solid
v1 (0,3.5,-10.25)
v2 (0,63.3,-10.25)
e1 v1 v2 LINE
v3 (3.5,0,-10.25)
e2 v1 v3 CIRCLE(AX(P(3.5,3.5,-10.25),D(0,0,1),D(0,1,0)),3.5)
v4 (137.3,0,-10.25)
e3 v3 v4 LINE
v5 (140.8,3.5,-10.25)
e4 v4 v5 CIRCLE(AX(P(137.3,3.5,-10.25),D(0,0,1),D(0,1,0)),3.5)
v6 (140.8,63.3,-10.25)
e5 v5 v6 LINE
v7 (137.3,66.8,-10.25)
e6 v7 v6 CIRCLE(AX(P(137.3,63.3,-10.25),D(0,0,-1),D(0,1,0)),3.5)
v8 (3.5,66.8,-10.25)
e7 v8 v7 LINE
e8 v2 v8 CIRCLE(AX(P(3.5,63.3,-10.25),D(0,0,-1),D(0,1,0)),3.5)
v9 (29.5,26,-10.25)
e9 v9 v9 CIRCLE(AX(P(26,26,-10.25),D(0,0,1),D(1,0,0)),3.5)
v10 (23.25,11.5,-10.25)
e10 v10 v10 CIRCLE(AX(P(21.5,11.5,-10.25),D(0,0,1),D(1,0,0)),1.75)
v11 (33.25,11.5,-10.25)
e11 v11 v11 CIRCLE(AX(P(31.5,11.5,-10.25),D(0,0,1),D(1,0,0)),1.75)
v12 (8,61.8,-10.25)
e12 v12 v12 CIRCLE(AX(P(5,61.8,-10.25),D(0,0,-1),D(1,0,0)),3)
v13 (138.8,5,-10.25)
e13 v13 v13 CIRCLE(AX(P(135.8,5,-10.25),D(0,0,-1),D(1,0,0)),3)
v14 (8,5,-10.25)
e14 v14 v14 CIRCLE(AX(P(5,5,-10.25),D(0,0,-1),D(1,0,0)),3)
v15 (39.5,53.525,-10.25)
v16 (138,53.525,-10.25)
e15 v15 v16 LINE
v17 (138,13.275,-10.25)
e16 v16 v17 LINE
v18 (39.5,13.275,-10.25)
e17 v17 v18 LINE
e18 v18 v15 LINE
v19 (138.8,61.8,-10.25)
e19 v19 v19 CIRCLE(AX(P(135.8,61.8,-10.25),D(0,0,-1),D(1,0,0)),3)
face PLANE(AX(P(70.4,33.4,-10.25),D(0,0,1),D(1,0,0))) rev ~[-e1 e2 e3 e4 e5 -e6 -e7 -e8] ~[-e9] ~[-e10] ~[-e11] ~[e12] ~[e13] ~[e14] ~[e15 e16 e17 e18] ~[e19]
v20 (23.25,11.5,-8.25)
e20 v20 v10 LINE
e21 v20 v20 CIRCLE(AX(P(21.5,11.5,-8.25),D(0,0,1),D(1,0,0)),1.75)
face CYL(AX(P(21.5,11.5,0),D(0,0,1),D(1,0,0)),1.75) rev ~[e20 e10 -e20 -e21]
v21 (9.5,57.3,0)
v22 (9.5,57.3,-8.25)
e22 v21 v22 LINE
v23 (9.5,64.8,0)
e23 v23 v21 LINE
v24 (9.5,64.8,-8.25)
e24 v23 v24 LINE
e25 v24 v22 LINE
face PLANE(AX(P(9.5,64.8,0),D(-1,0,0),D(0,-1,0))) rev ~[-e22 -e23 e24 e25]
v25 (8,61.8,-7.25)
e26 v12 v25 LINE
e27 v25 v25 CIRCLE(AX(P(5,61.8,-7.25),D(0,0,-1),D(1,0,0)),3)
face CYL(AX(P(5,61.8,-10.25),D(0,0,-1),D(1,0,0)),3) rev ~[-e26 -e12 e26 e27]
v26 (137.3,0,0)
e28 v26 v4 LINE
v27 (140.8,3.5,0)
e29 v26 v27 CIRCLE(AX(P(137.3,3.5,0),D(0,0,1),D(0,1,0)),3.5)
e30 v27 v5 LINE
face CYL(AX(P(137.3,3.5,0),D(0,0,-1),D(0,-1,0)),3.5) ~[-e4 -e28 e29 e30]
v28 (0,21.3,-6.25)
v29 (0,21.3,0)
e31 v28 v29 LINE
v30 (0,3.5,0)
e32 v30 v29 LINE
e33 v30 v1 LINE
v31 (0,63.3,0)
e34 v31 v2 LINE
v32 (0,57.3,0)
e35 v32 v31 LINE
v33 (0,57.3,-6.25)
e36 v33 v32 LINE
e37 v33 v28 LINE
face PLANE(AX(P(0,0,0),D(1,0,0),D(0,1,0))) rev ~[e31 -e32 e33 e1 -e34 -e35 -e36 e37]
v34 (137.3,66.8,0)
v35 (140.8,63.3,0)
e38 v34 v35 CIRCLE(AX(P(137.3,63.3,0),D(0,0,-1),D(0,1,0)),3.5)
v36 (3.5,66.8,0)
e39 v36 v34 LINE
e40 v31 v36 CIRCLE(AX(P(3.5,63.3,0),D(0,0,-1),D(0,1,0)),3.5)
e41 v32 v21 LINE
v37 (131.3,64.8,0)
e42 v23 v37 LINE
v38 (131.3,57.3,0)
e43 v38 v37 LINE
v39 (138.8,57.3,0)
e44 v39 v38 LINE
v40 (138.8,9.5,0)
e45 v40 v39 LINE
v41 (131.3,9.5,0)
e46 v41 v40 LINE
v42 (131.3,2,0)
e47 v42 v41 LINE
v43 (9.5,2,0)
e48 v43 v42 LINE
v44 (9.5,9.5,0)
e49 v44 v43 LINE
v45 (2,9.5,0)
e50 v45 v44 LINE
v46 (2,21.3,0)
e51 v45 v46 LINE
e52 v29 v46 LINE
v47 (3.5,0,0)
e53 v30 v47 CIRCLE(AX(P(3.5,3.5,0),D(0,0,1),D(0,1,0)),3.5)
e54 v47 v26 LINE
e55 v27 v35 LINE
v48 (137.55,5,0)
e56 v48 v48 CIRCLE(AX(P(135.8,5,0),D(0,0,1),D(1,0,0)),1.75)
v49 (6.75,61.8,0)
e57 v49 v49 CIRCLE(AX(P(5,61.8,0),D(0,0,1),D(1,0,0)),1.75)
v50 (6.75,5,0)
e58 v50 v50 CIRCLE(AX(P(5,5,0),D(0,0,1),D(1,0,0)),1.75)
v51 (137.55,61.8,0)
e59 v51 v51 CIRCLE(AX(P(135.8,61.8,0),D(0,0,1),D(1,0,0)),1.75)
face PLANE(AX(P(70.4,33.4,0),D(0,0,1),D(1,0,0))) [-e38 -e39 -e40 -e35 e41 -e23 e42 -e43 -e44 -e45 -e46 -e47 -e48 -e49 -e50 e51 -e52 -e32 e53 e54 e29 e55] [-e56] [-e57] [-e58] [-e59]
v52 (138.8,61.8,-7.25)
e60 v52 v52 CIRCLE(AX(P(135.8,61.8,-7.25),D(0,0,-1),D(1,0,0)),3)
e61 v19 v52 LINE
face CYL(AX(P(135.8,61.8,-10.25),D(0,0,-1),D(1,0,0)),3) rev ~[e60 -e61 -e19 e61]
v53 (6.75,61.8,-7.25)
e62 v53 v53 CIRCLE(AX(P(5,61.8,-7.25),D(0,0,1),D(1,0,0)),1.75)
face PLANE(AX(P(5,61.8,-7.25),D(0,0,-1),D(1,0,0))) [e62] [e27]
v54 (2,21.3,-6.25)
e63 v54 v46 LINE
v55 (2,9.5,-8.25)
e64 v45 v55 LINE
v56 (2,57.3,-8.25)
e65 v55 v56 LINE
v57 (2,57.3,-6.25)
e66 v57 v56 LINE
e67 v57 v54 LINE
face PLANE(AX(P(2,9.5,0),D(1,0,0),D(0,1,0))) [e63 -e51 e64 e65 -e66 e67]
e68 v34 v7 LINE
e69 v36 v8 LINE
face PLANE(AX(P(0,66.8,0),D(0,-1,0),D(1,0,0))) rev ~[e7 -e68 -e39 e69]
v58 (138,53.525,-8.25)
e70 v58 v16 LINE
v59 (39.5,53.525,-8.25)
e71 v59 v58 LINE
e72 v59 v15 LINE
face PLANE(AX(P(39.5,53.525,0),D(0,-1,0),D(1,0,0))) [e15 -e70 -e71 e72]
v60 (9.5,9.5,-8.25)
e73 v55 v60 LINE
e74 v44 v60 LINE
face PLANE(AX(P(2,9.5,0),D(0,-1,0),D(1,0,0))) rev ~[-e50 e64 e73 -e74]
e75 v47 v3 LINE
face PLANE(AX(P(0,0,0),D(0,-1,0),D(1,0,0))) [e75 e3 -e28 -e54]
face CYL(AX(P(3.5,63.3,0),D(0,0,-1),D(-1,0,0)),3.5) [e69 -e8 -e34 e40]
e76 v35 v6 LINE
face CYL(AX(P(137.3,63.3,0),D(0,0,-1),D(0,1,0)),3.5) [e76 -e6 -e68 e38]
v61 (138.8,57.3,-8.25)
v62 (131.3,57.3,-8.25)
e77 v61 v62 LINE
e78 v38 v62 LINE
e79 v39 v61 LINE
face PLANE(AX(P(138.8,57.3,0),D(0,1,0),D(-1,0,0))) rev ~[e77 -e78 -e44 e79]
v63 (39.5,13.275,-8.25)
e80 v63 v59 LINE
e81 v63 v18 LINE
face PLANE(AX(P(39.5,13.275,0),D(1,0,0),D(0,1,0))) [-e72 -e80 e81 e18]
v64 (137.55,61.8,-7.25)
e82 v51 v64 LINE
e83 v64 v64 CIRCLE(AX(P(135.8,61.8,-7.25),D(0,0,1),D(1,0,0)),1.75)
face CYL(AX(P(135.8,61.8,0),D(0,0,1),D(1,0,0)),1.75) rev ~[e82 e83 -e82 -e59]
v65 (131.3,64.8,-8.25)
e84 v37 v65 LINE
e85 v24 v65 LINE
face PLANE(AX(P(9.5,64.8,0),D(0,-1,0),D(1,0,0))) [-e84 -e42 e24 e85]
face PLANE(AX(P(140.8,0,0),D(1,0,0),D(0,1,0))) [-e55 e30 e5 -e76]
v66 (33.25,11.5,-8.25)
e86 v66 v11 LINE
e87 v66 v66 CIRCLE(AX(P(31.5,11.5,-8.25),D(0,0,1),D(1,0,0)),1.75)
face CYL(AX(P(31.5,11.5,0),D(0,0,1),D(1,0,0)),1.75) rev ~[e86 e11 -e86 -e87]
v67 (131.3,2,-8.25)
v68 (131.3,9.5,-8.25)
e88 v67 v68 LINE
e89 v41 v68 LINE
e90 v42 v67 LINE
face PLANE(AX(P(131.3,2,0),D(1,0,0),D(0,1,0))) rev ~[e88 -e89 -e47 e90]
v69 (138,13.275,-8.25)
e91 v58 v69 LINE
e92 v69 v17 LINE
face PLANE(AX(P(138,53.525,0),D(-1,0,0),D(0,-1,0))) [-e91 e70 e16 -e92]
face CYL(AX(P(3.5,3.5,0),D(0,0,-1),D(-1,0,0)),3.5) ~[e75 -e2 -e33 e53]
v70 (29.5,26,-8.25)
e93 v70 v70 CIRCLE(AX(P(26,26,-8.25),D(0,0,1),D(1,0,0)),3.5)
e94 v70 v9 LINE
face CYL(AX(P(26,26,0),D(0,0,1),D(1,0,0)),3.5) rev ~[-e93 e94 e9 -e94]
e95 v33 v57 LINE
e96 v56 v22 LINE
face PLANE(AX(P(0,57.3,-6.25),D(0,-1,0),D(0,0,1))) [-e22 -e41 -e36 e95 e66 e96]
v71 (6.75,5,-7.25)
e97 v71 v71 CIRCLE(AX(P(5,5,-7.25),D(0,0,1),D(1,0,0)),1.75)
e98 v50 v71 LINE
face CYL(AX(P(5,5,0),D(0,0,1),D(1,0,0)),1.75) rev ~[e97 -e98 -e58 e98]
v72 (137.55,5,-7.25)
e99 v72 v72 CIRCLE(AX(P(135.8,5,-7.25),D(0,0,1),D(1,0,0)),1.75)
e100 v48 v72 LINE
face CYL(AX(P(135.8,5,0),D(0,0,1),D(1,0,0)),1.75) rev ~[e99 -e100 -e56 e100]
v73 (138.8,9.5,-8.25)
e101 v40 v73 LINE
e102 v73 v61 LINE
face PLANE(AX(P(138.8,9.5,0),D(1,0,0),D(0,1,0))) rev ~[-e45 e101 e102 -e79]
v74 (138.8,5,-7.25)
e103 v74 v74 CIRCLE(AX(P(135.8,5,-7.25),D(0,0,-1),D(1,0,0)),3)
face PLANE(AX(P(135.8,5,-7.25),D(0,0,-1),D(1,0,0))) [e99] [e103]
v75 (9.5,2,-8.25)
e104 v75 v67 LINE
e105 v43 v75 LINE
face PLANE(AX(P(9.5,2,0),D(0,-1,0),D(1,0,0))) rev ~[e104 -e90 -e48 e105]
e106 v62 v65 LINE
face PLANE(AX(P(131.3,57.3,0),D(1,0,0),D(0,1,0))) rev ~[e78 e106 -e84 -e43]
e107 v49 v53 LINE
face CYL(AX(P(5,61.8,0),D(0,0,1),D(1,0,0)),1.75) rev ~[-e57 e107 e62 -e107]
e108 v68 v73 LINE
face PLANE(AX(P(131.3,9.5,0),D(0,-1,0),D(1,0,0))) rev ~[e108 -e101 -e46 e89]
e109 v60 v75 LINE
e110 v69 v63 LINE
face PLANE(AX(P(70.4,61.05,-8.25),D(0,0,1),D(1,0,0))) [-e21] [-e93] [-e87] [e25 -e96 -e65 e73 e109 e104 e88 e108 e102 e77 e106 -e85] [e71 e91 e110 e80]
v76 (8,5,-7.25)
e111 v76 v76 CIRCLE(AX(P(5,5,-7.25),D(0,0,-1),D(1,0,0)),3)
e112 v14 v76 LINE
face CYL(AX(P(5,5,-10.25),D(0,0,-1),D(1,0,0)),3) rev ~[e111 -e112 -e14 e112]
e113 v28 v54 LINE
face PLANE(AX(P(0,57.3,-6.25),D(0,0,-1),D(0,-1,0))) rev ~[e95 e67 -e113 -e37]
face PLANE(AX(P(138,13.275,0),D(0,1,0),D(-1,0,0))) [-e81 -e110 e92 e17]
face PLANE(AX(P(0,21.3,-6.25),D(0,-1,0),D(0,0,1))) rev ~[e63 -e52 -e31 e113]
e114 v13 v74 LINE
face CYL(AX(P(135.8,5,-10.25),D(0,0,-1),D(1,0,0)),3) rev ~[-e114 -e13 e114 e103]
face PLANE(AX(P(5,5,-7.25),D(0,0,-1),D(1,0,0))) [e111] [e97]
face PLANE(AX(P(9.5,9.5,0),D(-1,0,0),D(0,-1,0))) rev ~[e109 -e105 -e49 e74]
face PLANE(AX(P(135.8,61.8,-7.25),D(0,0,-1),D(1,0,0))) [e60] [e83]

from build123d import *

# Parameters (mm, degrees)
F0_W     = 140.8
F0_H     = 66.8
F0_R     = 1.75
F0_R_2   = 3.5
F0_W_2   = 7.5
F0_H_2   = 47.8
F0_H_3   = 7.5
F0_W_3   = 121.8
F1_DEPTH = 10.25
F2_DEPTH = 8.25
F3_R     = 3.5
F4_R     = 3
F5_DEPTH = 3
F6_W     = 36
F6_H     = 6.25
F7_DEPTH = 2


with BuildPart() as f1:
    # F0 (on Top) → F1 (new body)
    with BuildSketch(Plane.XY):
        with Locations((70.4, 33.4)):
            Rectangle(F0_W, F0_H)
        Polygon((2, 57.3), (2, 64.8), (9.5, 64.8), (131.3, 64.8), (138.8, 64.8), (138.8, 57.3), (138.8, 9.5), (138.8, 2), (131.3, 2), (9.5, 2), (2, 2), (2, 9.5), align=None, mode=Mode.SUBTRACT)
        Polygon((131.3, 57.3), (9.5, 57.3), (9.5, 9.5), (131.3, 9.5), (131.3, 13.275), (39.5, 13.275), (39.5, 53.525), (131.3, 53.525), align=None)
        with Locations((21.5, 11.5)):
            Circle(F0_R, mode=Mode.SUBTRACT)
        with Locations((31.5, 11.5)):
            Circle(F0_R, mode=Mode.SUBTRACT)
        with Locations((26, 26)):
            Circle(F0_R_2, mode=Mode.SUBTRACT)
        with Locations((5.75, 33.4)):
            Rectangle(F0_W_2, F0_H_2)
        with Locations((5.75, 61.05)):
            Rectangle(F0_W_2, F0_H_3)
        with Locations((5, 61.8)):
            Circle(F0_R, mode=Mode.SUBTRACT)
        with Locations((70.4, 61.05)):
            Rectangle(F0_W_3, F0_H_3)
        with Locations((135.05, 61.05)):
            Rectangle(F0_W_2, F0_H_3)
        with Locations((135.8, 61.8)):
            Circle(F0_R, mode=Mode.SUBTRACT)
        Polygon((138.8, 57.3), (131.3, 57.3), (131.3, 53.525), (138, 53.525), (138, 13.275), (131.3, 13.275), (131.3, 9.5), (138.8, 9.5), align=None)
        with Locations((135.05, 5.75)):
            Rectangle(F0_W_2, F0_H_3)
        with Locations((135.8, 5)):
            Circle(F0_R, mode=Mode.SUBTRACT)
        with Locations((70.4, 5.75)):
            Rectangle(F0_W_3, F0_H_3)
        with Locations((5.75, 5.75)):
            Rectangle(F0_W_2, F0_H_3)
        with Locations((5, 5)):
            Circle(F0_R, mode=Mode.SUBTRACT)
    extrude(amount=-F1_DEPTH)

    # F0 (on Top) → F2 (cut)
    with BuildSketch(Plane.XY):
        with Locations((70.4, 61.05)):
            Rectangle(F0_W_3, F0_H_3)
        Polygon((131.3, 57.3), (9.5, 57.3), (9.5, 9.5), (131.3, 9.5), (131.3, 13.275), (39.5, 13.275), (39.5, 53.525), (131.3, 53.525), align=None)
        with Locations((21.5, 11.5)):
            Circle(F0_R, mode=Mode.SUBTRACT)
        with Locations((31.5, 11.5)):
            Circle(F0_R, mode=Mode.SUBTRACT)
        with Locations((26, 26)):
            Circle(F0_R_2, mode=Mode.SUBTRACT)
        with Locations((70.4, 5.75)):
            Rectangle(F0_W_3, F0_H_3)
        with Locations((5.75, 33.4)):
            Rectangle(F0_W_2, F0_H_2)
        Polygon((138.8, 57.3), (131.3, 57.3), (131.3, 53.525), (138, 53.525), (138, 13.275), (131.3, 13.275), (131.3, 9.5), (138.8, 9.5), align=None)
    extrude(amount=-F2_DEPTH, mode=Mode.SUBTRACT)

    # F3
    f3_edges = [f1.edges().sort_by_distance(p)[0] for p in [
        (140.8, 66.8, -5.125),
        (0, 66.8, -5.125),
        (0, 0, -5.125),
        (140.8, 0, -5.125),
    ]]
    fillet(f3_edges, radius=F3_R)

    # F4 (on face) → F5 (cut)
    with BuildSketch(Plane(origin=(0, 0, -10.25), x_dir=(1, 0, 0), z_dir=(0, 0, -1))):
        with Locations((5, -5)):
            Circle(F4_R)
        with Locations((135.8, -5)):
            Circle(F4_R)
        with Locations((135.8, -61.8)):
            Circle(F4_R)
        with Locations((5, -61.8)):
            Circle(F4_R)
    extrude(amount=-F5_DEPTH, mode=Mode.SUBTRACT)

    # F6 (on face) → F7 (cut)
    with BuildSketch(Plane(origin=(0, 0, 0), x_dir=(0, -1, 0), z_dir=(-1, 0, 0))):
        with Locations((-39.3, -3.125)):
            Rectangle(F6_W, F6_H)
    extrude(amount=-F7_DEPTH, mode=Mode.SUBTRACT)


solid = f1.part
